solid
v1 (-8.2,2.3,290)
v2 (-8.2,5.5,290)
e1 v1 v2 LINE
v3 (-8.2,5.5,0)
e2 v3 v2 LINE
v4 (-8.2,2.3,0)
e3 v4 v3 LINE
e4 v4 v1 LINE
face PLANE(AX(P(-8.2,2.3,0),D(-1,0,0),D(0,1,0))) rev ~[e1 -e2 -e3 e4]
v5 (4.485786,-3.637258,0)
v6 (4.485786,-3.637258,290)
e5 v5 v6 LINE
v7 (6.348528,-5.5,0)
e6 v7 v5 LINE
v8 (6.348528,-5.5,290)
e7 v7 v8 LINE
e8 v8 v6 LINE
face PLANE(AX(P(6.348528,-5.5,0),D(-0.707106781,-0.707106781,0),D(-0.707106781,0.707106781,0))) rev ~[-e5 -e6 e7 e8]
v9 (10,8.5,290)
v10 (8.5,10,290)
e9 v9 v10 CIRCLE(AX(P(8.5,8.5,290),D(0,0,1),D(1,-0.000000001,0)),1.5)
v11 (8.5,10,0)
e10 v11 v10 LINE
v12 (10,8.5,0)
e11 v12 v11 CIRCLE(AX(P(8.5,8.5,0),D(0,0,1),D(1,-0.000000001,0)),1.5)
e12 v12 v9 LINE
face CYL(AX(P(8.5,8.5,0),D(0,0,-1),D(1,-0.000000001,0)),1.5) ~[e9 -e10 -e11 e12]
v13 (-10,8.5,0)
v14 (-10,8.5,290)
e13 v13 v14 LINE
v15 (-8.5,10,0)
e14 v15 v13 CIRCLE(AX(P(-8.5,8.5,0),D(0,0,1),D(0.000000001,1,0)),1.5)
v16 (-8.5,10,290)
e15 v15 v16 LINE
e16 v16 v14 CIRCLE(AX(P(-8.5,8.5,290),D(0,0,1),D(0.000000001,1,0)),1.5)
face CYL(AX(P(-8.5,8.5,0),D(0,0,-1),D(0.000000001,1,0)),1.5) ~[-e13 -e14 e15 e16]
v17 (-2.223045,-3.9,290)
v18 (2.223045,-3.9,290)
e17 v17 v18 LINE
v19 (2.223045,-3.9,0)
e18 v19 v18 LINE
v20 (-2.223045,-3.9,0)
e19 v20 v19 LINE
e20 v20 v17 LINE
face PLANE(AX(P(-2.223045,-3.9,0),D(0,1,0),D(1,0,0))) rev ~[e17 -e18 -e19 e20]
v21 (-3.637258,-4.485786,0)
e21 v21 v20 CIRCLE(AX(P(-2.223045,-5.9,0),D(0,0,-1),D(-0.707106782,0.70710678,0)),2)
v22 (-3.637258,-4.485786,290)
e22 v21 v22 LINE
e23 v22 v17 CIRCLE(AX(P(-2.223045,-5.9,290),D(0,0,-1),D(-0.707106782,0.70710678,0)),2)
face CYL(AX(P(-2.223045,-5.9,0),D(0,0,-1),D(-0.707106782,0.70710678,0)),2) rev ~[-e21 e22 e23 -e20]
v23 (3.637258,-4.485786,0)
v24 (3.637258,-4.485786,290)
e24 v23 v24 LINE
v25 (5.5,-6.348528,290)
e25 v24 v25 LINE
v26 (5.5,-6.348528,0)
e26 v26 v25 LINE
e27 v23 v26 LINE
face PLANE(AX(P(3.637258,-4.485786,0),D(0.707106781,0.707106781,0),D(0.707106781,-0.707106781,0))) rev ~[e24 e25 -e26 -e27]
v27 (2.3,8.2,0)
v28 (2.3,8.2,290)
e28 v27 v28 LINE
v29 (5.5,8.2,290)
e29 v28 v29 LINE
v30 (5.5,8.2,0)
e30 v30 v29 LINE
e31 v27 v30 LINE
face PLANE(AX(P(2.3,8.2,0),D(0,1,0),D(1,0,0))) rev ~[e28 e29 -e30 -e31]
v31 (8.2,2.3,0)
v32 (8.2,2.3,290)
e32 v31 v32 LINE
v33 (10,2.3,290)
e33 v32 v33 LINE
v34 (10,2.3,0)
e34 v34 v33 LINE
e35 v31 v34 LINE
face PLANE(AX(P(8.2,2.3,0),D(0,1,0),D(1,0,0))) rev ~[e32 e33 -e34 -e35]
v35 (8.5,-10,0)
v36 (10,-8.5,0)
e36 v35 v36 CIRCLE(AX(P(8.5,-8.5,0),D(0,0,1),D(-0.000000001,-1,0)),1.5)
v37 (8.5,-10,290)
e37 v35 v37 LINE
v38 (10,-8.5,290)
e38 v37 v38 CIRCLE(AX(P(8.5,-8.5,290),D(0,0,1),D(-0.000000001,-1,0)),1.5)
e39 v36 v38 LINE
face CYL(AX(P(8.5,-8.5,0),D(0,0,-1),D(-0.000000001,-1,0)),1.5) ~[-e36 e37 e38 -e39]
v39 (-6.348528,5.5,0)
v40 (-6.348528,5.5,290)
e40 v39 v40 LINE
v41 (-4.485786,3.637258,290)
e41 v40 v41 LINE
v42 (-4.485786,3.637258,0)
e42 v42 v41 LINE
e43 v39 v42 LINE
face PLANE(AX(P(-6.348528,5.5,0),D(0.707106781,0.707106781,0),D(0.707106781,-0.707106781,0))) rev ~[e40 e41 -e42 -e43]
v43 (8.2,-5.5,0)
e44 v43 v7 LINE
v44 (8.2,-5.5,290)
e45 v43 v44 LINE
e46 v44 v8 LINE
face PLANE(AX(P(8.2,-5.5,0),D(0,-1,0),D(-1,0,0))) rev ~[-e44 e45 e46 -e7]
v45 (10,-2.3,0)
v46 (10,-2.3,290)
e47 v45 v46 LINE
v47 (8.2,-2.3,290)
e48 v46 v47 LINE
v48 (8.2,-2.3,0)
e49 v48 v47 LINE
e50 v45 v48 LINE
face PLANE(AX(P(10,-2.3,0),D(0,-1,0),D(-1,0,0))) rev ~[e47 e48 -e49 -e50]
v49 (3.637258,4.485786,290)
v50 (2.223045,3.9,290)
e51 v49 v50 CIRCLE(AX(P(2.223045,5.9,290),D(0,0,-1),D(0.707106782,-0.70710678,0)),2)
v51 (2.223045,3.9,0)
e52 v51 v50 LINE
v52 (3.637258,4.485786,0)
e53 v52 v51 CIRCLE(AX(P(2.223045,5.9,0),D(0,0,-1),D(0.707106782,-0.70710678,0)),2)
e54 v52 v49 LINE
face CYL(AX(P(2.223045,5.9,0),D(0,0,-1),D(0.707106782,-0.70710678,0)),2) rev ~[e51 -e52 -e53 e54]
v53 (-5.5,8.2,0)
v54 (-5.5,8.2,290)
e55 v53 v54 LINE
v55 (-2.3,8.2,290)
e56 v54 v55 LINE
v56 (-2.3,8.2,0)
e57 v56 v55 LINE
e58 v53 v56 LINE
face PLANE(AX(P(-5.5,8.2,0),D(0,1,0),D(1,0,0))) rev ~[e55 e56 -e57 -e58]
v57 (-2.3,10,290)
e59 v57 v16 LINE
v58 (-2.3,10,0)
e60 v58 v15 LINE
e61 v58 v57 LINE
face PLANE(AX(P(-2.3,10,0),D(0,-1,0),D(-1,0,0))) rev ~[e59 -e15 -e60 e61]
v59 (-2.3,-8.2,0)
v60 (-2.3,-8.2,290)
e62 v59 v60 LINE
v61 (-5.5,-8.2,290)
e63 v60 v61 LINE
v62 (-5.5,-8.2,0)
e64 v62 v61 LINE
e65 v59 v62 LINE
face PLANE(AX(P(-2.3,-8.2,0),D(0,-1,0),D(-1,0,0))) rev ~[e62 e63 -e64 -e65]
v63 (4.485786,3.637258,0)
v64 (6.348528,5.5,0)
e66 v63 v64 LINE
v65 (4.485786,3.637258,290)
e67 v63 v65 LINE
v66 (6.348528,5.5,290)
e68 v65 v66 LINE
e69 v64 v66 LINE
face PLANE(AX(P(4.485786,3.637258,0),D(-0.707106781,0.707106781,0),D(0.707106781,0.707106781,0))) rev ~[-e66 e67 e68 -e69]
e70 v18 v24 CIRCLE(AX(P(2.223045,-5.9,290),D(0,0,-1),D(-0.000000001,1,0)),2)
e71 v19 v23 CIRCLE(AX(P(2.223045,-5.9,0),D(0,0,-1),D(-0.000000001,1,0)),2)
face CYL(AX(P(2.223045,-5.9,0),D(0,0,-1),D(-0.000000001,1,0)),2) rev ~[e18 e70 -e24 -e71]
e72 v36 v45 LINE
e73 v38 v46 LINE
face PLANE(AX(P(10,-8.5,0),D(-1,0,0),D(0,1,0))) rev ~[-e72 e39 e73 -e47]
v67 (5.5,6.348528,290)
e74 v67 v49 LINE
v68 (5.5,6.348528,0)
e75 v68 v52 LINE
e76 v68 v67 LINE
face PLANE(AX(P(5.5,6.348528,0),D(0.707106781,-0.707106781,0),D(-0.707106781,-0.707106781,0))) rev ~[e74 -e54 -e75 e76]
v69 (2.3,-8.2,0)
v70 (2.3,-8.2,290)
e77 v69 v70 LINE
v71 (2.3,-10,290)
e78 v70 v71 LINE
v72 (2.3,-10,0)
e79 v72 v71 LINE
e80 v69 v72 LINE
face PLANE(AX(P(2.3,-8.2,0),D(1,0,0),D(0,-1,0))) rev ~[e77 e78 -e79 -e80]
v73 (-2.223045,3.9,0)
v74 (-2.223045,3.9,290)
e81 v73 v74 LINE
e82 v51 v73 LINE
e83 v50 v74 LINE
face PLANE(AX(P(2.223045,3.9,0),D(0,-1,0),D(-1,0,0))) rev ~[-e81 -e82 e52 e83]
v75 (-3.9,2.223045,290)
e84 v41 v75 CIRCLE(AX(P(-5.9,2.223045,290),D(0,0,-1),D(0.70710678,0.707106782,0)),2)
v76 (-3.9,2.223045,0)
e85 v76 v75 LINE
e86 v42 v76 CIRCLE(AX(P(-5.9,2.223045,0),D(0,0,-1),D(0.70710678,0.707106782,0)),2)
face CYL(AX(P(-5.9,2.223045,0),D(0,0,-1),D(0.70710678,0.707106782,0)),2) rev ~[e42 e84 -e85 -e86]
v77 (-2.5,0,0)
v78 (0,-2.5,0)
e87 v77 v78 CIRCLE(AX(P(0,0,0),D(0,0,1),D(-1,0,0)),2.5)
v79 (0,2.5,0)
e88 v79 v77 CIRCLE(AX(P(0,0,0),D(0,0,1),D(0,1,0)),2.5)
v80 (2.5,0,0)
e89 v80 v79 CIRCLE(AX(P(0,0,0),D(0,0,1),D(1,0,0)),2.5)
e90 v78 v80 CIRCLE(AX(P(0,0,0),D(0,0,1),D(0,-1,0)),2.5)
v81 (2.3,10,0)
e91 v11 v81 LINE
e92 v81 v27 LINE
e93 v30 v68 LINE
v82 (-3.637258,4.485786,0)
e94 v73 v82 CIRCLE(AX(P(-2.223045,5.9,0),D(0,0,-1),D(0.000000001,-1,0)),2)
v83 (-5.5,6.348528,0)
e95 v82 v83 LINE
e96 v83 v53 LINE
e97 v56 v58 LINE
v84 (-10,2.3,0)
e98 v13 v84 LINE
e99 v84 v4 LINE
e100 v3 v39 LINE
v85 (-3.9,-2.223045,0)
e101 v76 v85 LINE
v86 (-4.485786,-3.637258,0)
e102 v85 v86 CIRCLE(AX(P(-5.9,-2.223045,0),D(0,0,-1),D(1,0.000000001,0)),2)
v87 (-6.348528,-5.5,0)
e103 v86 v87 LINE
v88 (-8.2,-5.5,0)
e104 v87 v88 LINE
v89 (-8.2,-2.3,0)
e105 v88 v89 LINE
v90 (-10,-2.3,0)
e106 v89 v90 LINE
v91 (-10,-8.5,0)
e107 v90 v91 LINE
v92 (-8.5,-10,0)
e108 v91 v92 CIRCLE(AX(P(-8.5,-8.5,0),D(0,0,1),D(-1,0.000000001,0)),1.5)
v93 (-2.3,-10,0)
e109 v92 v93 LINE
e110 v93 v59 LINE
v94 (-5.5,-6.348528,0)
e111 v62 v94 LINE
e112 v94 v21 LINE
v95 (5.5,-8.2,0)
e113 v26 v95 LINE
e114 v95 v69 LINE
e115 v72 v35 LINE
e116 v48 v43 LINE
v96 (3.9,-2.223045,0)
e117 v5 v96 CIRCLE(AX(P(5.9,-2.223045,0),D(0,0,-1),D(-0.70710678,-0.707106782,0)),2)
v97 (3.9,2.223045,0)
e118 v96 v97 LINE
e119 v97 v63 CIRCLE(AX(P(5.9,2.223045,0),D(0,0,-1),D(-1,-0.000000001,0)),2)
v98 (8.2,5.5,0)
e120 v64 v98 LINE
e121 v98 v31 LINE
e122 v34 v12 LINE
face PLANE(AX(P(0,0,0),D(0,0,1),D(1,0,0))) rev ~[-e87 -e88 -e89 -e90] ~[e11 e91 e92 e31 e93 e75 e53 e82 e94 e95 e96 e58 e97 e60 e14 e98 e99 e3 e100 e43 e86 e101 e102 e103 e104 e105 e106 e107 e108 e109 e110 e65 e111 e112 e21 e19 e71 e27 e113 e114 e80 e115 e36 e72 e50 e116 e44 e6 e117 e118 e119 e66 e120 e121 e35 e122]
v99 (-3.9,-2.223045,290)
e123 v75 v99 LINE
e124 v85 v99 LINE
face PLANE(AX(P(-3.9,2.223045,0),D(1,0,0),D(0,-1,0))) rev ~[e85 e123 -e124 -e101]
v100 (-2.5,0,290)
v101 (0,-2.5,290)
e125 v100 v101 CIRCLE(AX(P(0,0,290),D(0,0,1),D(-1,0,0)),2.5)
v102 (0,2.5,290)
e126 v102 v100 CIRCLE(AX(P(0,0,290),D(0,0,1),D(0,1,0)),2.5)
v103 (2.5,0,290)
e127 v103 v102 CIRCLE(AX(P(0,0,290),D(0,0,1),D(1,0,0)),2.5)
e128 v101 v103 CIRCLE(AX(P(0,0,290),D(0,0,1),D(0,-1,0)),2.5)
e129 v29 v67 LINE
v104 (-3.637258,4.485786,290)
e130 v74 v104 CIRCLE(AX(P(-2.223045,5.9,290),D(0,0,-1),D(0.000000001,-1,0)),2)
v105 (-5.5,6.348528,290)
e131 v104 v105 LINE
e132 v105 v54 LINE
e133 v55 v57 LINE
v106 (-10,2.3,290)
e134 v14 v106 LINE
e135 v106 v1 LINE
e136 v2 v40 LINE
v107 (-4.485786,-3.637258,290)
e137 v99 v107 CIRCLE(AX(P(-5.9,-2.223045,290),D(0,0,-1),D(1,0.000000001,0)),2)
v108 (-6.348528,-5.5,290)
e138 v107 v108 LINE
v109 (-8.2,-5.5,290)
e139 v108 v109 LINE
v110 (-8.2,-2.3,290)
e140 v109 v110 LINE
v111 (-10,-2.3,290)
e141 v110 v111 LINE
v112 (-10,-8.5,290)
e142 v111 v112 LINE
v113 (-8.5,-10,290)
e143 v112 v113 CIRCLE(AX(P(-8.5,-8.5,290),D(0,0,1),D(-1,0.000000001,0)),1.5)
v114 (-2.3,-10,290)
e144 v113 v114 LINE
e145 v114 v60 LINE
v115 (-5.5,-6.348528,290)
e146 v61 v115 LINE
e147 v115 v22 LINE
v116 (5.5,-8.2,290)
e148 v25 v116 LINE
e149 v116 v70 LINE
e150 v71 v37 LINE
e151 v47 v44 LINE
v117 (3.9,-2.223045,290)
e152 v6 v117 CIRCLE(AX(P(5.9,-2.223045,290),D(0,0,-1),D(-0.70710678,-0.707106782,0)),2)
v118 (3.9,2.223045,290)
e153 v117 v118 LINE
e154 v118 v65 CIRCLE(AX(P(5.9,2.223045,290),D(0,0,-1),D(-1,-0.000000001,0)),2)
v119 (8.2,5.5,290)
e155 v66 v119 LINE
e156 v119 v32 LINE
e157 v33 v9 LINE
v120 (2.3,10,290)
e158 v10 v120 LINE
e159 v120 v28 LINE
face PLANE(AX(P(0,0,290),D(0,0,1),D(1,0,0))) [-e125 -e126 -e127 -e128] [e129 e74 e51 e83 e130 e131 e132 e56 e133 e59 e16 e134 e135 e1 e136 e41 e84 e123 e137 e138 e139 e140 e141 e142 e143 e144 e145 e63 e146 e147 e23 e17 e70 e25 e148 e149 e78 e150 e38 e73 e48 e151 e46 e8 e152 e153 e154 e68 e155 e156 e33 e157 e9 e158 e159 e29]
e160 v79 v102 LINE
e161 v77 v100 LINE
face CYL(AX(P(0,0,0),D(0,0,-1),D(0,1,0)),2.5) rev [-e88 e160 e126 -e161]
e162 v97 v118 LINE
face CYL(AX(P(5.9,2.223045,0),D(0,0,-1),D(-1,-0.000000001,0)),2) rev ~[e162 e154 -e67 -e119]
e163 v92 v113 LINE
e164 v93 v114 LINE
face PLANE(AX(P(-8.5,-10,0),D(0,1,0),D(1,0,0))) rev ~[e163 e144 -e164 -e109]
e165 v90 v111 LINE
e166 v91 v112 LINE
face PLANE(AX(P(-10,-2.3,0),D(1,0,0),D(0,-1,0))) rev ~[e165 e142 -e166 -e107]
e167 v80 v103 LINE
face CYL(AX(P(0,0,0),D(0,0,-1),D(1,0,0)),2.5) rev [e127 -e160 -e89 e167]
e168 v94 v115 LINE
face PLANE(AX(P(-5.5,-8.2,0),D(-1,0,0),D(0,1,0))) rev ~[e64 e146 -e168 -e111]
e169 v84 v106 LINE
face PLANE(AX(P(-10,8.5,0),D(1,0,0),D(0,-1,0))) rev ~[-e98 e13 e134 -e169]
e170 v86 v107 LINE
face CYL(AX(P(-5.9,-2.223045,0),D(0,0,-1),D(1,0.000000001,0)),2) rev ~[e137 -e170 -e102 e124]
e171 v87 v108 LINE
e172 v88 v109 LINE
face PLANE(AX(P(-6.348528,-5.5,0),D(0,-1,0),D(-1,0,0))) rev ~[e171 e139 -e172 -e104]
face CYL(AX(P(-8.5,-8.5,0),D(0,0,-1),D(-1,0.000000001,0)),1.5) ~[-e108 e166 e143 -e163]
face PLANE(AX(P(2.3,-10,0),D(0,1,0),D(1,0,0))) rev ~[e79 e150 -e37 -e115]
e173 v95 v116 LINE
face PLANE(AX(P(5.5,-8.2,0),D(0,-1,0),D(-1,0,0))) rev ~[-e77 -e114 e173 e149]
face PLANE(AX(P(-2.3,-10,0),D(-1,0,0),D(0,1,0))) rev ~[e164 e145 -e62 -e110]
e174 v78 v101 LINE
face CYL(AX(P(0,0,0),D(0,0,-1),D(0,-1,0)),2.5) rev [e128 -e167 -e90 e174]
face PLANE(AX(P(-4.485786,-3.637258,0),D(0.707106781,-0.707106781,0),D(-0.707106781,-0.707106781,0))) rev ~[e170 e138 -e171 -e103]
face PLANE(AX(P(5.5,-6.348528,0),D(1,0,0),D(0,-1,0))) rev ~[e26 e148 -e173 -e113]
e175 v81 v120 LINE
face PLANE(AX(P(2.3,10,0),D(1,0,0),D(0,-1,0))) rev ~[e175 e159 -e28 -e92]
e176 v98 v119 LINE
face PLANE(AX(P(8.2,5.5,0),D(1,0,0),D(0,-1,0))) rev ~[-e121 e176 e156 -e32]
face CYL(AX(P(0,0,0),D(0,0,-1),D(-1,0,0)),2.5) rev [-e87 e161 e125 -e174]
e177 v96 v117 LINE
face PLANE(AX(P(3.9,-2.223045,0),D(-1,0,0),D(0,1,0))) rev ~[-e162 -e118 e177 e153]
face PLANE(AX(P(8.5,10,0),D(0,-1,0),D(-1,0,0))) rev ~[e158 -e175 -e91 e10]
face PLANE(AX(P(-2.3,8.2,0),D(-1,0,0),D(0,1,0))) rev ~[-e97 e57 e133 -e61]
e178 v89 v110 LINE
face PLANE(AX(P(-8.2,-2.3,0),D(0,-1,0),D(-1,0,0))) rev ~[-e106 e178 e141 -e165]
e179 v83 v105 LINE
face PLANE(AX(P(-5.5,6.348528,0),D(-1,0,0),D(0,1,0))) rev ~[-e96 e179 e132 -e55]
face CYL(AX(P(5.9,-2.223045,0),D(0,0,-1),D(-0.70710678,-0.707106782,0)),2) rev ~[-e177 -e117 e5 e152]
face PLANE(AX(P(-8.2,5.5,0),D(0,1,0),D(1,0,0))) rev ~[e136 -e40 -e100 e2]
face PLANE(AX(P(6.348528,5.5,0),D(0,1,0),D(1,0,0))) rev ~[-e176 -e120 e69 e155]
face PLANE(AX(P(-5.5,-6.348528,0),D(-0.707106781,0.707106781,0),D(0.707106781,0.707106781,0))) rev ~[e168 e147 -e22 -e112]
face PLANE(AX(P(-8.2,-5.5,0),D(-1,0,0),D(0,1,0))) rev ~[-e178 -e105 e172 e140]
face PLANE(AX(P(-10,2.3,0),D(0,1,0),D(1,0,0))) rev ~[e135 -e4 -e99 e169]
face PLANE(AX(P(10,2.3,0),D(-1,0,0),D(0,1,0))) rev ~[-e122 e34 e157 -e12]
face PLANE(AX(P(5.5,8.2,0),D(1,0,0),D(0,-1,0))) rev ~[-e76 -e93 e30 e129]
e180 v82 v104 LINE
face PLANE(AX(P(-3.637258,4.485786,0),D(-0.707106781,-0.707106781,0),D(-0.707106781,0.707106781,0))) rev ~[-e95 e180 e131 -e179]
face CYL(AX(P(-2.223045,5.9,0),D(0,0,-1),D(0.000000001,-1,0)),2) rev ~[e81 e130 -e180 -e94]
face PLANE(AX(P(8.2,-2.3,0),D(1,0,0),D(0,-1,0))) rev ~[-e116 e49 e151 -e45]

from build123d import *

# Parameters (mm, degrees)
SALIENTE_EXTRUIR1_DEPTH = 290


with BuildPart() as part:
    # Croquis1 → Saliente-Extruir1 (new body)
    with BuildSketch(Plane.XY):
        with BuildLine():
            Line((-10, 8.5), (-10, 2.3))
            Line((-10, 2.3), (-8.2, 2.3))
            Line((-8.2, 2.3), (-8.2, 5.5))
            Line((-8.2, 5.5), (-6.348528137, 5.5))
            Line((-6.348528137, 5.5), (-4.485786438, 3.6372583))
            ThreePointArc((-4.485786438, 3.6372583), (-4.052240935, 2.988411603), (-3.9, 2.223044738))
            Line((-3.9, 2.223044738), (-3.9, 0))
            Line((-3.9, 0), (-3.9, -2.223044738))
            ThreePointArc((-3.9, -2.223044738), (-4.052240935, -2.988411603), (-4.485786438, -3.6372583))
            Line((-4.485786438, -3.6372583), (-6.348528137, -5.5))
            Line((-6.348528137, -5.5), (-8.2, -5.5))
            Line((-8.2, -5.5), (-8.2, -2.3))
            Line((-8.2, -2.3), (-10, -2.3))
            Line((-10, -2.3), (-10, -8.5))
            ThreePointArc((-10, -8.5), (-9.560660172, -9.560660172), (-8.5, -10))
            Line((-8.5, -10), (-2.3, -10))
            Line((-2.3, -10), (-2.3, -8.2))
            Line((-2.3, -8.2), (-5.5, -8.2))
            Line((-5.5, -8.2), (-5.5, -6.348528137))
            Line((-5.5, -6.348528137), (-3.6372583, -4.485786438))
            ThreePointArc((-3.6372583, -4.485786438), (-2.988411603, -4.052240935), (-2.223044738, -3.9))
            Line((-2.223044738, -3.9), (0, -3.9))
            Line((0, -3.9), (2.223044738, -3.9))
            ThreePointArc((2.223044738, -3.9), (2.988411603, -4.052240935), (3.6372583, -4.485786438))
            Line((3.6372583, -4.485786438), (5.5, -6.348528137))
            Line((5.5, -6.348528137), (5.5, -8.2))
            Line((5.5, -8.2), (2.3, -8.2))
            Line((2.3, -8.2), (2.3, -10))
            Line((2.3, -10), (8.5, -10))
            ThreePointArc((8.5, -10), (9.560660172, -9.560660172), (10, -8.5))
            Line((10, -8.5), (10, -2.3))
            Line((10, -2.3), (8.2, -2.3))
            Line((8.2, -2.3), (8.2, -5.5))
            Line((8.2, -5.5), (6.348528137, -5.5))
            Line((6.348528137, -5.5), (4.485786438, -3.6372583))
            ThreePointArc((4.485786438, -3.6372583), (4.052240935, -2.988411603), (3.9, -2.223044738))
            Line((3.9, -2.223044738), (3.9, 0))
            Line((3.9, 0), (3.9, 2.223044738))
            ThreePointArc((3.9, 2.223044738), (4.052240935, 2.988411603), (4.485786438, 3.6372583))
            Line((4.485786438, 3.6372583), (6.348528137, 5.5))
            Line((6.348528137, 5.5), (8.2, 5.5))
            Line((8.2, 5.5), (8.2, 2.3))
            Line((8.2, 2.3), (10, 2.3))
            Line((10, 2.3), (10, 8.5))
            ThreePointArc((10, 8.5), (9.560660172, 9.560660172), (8.5, 10))
            Line((8.5, 10), (2.3, 10))
            Line((2.3, 10), (2.3, 8.2))
            Line((2.3, 8.2), (5.5, 8.2))
            Line((5.5, 8.2), (5.5, 6.348528137))
            Line((5.5, 6.348528137), (3.6372583, 4.485786438))
            ThreePointArc((3.6372583, 4.485786438), (2.988411603, 4.052240935), (2.223044738, 3.9))
            Line((2.223044738, 3.9), (0, 3.9))
            Line((0, 3.9), (-2.223044738, 3.9))
            ThreePointArc((-2.223044738, 3.9), (-2.988411603, 4.052240935), (-3.6372583, 4.485786438))
            Line((-3.6372583, 4.485786438), (-5.5, 6.348528137))
            Line((-5.5, 6.348528137), (-5.5, 8.2))
            Line((-5.5, 8.2), (-2.3, 8.2))
            Line((-2.3, 8.2), (-2.3, 10))
            Line((-2.3, 10), (-8.5, 10))
            ThreePointArc((-8.5, 10), (-9.560660172, 9.560660172), (-10, 8.5))
        make_face()
        with BuildLine():
            ThreePointArc((0, 2.5), (-1.767766953, 1.767766953), (-2.5, 0))
            ThreePointArc((-2.5, 0), (-1.767766953, -1.767766953), (0, -2.5))
            ThreePointArc((0, -2.5), (1.767766953, -1.767766953), (2.5, 0))
            ThreePointArc((2.5, 0), (1.767766953, 1.767766953), (0, 2.5))
        make_face(mode=Mode.SUBTRACT)
    extrude(amount=SALIENTE_EXTRUIR1_DEPTH)


solid = part.part
